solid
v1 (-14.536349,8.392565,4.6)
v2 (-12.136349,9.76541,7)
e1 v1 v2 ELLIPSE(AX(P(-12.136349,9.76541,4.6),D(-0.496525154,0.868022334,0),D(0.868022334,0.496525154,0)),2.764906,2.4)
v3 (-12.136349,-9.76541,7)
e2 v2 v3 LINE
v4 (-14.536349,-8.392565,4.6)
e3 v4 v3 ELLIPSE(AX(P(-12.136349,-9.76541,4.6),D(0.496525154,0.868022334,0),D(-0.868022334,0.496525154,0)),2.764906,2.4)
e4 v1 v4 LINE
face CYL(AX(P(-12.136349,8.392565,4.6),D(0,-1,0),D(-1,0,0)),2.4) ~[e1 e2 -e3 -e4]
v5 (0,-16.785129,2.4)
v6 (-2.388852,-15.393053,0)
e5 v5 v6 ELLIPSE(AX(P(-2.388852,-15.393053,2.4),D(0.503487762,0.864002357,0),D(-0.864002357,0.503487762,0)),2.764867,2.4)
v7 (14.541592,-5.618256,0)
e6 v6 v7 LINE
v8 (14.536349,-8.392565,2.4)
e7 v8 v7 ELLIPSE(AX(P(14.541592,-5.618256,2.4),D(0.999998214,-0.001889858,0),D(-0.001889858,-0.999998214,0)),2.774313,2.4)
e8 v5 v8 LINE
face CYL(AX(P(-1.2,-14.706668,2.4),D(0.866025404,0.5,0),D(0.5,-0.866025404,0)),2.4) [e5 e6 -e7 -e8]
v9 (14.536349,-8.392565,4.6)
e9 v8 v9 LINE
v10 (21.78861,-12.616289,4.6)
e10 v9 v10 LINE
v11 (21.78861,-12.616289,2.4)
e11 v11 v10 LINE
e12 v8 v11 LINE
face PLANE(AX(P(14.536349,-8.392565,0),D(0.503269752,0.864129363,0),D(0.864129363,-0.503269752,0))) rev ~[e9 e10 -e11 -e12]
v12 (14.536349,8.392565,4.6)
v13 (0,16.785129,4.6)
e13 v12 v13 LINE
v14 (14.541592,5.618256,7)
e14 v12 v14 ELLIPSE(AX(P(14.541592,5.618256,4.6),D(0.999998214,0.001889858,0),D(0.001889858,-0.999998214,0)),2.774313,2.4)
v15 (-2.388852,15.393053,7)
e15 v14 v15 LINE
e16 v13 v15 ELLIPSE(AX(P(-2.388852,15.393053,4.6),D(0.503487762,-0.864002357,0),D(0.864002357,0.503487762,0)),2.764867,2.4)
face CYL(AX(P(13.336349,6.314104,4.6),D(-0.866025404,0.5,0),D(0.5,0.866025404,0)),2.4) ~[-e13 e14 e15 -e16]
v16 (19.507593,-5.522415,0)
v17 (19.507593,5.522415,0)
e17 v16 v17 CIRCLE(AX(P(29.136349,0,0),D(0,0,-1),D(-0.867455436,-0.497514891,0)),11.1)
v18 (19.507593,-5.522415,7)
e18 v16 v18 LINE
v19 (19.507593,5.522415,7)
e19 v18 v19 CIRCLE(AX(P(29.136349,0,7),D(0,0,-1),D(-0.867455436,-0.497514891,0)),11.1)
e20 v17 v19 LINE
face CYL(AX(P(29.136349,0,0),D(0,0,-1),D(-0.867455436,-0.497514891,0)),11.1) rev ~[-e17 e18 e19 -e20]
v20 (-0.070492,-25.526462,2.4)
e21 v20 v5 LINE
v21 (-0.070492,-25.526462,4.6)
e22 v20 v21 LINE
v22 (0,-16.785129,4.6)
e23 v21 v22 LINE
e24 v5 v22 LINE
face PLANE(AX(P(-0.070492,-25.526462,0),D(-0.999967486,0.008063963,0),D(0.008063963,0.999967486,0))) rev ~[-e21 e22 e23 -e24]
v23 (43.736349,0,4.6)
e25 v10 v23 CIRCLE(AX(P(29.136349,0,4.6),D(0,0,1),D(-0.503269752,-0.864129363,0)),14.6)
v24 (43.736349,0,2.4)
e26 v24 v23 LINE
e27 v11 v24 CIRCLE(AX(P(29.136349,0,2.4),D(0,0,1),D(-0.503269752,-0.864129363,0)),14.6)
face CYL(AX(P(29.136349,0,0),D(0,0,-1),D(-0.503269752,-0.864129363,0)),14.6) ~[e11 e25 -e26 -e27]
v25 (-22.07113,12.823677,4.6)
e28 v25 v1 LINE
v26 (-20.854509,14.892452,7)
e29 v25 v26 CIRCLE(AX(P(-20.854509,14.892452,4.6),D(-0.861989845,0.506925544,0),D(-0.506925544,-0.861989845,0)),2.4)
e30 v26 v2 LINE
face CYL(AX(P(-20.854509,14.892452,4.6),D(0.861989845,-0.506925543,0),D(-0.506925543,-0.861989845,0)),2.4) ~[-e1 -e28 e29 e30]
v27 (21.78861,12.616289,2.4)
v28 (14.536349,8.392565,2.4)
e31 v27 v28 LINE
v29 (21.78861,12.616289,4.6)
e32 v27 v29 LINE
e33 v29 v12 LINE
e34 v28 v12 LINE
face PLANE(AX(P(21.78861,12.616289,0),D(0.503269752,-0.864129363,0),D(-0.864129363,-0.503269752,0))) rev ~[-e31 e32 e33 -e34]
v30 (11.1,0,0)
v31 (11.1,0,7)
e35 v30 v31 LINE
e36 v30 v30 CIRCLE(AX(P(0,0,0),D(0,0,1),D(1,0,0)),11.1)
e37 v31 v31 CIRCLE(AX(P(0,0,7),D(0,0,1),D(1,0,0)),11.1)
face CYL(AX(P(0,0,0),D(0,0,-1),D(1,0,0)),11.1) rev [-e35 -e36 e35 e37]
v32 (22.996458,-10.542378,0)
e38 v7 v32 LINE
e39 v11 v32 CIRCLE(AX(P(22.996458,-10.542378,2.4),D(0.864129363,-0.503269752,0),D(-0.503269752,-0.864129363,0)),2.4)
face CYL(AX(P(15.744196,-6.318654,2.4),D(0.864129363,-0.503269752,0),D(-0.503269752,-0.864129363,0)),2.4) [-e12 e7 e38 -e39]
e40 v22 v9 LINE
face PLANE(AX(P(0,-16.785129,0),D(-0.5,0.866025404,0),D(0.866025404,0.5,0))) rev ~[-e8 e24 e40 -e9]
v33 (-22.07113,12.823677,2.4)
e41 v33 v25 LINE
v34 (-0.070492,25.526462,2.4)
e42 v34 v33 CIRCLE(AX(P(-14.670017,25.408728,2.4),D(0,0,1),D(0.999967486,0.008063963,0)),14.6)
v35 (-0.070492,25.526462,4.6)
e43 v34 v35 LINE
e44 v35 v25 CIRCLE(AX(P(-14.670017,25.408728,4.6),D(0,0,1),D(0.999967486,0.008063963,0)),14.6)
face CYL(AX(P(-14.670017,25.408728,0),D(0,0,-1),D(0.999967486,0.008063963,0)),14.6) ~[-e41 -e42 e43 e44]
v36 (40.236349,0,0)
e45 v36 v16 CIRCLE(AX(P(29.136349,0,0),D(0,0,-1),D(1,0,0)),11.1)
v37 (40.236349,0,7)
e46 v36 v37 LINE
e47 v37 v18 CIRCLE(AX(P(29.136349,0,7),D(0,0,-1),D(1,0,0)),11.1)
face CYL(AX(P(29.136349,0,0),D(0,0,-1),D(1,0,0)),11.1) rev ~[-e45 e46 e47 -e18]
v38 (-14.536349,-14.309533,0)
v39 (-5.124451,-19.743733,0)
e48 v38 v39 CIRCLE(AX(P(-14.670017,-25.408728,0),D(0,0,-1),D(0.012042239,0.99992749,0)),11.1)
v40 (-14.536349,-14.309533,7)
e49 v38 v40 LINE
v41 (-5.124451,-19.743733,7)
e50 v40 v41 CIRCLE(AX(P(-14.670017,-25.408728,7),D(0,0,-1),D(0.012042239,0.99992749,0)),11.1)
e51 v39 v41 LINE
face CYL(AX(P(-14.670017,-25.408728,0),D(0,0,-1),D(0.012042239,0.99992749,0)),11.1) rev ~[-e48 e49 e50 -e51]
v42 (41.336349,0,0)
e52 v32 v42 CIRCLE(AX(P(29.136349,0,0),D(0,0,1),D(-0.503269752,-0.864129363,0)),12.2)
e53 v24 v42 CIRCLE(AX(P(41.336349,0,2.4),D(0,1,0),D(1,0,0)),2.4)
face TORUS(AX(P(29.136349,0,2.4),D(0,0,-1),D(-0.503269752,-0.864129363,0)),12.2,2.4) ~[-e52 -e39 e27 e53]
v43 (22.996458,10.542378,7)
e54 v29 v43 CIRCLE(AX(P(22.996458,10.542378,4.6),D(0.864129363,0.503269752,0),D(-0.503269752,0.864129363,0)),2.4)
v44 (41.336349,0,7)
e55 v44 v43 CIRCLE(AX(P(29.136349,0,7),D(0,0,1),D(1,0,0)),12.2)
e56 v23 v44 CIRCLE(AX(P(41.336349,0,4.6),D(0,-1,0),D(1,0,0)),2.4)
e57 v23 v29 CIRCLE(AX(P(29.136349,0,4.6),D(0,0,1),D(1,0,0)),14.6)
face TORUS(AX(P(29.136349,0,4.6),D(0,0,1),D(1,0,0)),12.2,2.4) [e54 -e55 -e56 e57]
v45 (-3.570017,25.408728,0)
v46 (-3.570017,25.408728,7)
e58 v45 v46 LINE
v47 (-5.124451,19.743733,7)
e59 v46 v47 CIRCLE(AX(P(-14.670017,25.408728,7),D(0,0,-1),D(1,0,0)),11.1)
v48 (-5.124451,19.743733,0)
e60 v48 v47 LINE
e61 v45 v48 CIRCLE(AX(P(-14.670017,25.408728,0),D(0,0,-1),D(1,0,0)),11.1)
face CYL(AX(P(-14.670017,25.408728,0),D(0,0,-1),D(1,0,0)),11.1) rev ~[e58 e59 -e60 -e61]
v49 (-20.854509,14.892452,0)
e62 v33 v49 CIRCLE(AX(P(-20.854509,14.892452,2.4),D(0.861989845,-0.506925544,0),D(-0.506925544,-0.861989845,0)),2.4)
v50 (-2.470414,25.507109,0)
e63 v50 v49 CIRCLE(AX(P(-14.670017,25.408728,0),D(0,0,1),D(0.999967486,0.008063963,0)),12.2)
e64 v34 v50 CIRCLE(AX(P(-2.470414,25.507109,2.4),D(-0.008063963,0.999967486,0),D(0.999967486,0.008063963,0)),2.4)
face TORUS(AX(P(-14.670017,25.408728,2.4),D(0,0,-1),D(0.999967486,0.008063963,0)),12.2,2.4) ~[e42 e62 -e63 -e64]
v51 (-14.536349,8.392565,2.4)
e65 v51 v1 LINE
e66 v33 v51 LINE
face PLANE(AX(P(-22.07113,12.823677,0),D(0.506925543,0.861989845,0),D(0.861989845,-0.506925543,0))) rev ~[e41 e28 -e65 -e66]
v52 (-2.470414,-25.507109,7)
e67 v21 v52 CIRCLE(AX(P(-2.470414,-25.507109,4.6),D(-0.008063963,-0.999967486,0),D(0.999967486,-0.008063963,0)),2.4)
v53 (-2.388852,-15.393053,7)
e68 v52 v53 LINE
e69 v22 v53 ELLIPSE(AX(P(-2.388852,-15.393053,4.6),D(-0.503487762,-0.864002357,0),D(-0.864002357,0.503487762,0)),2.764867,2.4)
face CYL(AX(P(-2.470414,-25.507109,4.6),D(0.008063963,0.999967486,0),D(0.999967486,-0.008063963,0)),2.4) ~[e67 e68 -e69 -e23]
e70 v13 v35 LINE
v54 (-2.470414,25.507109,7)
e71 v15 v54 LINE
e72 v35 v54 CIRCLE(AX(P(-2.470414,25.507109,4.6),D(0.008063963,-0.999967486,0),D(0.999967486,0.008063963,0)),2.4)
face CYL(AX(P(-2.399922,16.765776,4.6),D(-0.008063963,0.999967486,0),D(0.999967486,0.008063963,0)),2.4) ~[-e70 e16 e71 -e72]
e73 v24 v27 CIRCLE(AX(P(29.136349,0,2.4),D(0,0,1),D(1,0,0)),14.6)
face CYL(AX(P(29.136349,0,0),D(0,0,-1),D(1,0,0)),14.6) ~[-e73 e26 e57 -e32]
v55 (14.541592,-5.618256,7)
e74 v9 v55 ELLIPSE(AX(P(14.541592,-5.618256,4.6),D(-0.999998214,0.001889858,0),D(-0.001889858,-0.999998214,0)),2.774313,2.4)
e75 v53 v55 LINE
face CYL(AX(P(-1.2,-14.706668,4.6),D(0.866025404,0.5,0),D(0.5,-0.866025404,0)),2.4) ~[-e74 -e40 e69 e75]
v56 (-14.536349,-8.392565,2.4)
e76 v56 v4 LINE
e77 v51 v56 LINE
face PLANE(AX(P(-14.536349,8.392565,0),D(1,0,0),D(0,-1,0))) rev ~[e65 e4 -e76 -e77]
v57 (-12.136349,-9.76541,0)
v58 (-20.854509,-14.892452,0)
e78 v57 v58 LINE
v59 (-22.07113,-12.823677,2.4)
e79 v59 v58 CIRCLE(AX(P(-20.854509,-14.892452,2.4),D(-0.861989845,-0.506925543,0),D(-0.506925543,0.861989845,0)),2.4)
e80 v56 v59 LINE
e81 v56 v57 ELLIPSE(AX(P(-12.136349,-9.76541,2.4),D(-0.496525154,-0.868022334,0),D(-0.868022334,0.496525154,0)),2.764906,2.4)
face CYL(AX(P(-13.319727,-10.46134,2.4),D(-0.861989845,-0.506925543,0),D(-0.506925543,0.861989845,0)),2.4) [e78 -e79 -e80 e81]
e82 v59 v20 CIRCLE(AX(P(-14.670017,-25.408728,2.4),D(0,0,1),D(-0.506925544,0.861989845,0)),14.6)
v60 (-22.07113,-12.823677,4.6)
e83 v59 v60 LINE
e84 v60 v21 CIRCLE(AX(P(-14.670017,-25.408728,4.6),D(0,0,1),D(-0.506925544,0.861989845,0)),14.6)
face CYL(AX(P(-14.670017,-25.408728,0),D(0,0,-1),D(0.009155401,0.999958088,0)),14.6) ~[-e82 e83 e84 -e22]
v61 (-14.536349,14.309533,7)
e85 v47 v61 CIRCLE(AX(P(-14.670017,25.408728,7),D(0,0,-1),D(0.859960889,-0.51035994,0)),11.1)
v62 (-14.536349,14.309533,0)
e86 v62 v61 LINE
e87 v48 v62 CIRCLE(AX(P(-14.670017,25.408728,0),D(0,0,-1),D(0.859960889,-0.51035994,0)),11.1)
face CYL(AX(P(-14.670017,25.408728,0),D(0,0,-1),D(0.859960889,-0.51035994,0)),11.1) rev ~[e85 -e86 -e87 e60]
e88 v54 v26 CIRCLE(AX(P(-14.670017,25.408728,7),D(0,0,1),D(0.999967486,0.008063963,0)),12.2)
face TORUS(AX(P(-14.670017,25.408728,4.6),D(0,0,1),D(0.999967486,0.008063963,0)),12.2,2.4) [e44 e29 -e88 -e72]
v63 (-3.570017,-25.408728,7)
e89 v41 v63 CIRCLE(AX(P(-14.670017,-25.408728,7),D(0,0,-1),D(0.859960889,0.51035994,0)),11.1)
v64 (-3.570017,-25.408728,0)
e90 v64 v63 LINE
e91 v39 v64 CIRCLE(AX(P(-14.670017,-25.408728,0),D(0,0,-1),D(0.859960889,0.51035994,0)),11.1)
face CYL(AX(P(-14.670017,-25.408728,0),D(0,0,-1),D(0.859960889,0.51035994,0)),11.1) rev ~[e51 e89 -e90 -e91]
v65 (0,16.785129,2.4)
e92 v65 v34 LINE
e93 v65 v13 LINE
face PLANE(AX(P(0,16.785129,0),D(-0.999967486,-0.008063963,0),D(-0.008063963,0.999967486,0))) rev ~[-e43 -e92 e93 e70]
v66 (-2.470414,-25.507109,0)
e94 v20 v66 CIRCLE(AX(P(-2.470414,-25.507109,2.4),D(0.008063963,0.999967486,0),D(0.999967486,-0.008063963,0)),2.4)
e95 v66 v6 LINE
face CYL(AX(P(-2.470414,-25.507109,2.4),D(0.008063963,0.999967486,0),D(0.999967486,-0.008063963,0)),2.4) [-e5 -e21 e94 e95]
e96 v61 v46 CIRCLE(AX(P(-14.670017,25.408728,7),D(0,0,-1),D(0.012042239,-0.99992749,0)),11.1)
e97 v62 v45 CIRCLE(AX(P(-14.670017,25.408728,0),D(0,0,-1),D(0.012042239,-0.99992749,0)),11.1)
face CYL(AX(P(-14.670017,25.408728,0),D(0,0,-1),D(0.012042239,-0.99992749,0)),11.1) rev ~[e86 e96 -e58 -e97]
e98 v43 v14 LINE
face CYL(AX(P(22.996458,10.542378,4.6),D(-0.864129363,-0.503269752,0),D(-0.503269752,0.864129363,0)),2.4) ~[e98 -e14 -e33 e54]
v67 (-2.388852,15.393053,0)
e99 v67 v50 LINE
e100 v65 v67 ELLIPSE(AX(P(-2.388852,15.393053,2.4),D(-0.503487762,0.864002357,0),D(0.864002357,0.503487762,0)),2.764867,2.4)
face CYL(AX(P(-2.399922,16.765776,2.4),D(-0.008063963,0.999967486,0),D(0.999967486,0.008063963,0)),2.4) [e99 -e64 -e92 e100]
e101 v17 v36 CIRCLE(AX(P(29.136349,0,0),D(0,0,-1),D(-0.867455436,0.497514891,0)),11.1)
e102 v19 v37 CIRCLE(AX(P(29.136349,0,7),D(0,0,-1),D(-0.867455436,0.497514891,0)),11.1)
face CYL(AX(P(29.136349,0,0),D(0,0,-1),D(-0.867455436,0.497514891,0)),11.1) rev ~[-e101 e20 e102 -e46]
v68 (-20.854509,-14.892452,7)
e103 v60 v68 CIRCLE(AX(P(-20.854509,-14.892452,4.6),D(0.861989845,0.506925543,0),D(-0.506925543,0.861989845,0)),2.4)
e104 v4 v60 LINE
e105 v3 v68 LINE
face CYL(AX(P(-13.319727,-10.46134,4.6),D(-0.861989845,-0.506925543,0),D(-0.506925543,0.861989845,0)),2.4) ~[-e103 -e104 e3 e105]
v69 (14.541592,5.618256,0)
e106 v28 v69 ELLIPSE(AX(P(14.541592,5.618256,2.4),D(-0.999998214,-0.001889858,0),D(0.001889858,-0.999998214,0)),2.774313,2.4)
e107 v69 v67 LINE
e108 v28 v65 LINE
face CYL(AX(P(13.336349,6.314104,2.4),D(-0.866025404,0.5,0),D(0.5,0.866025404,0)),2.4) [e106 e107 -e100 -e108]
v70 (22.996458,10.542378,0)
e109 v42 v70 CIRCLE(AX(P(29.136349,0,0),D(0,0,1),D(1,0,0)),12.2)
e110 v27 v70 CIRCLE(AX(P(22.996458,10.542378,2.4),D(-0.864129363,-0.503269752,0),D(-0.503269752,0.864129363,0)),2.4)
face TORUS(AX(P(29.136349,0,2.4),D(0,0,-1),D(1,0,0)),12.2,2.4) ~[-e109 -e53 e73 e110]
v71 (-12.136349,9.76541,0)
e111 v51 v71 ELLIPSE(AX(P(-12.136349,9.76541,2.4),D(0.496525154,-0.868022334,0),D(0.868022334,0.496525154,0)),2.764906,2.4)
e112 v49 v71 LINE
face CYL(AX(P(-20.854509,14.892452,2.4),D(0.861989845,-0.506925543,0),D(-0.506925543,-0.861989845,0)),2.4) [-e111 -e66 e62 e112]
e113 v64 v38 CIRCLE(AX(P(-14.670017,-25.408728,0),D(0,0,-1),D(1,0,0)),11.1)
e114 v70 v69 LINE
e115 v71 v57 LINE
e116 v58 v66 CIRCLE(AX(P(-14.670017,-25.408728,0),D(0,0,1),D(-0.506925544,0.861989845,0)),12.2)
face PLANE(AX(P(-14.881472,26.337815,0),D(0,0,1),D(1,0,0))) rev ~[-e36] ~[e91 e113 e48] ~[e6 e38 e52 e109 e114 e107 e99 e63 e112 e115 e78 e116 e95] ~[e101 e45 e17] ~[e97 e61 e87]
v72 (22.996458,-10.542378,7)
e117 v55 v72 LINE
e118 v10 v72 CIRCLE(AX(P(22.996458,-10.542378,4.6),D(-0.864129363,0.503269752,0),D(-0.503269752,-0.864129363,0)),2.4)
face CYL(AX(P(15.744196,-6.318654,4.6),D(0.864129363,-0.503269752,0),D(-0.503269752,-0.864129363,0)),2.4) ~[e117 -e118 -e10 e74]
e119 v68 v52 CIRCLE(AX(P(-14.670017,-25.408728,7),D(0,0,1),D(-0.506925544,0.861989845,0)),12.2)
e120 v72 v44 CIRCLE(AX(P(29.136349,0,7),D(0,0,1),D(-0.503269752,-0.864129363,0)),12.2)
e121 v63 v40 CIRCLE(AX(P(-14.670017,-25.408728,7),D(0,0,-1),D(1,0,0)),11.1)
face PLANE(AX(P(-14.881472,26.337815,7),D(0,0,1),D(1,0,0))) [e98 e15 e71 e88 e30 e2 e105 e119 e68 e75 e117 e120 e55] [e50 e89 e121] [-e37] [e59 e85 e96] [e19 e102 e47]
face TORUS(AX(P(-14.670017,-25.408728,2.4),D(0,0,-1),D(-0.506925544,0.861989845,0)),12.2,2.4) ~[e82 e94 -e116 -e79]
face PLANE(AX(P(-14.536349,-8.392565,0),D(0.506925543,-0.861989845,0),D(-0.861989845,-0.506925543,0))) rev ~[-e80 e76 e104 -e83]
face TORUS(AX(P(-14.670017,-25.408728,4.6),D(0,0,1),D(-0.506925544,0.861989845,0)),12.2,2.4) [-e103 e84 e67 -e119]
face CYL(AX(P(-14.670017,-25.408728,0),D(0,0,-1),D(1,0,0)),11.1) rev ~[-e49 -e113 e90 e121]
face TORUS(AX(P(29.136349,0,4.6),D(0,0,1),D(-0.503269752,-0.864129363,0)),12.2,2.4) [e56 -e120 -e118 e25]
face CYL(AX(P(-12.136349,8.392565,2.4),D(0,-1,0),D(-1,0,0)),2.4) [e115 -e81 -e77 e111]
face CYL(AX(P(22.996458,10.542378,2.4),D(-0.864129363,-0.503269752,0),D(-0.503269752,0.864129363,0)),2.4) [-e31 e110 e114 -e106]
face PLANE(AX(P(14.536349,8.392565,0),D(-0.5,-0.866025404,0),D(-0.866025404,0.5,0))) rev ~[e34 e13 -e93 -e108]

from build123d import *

# Parameters (mm, degrees)
F0_R     = 11.1
F1_DEPTH = 7
F2_R     = 2.4


with BuildPart() as f1:
    # F0 (on Top) → F1 (new body)
    with BuildSketch(Plane.XY):
        with BuildLine():
            Line((-5.1244514932, 19.7437329062), (-2.093196528, 17.9936370361))
            ThreePointArc((-2.093196528, 17.9936370361), (-0.5848907385, 21.5656555293), (-0.0700173662, 25.4087282428))
            ThreePointArc((-0.0700173662, 25.4087282428), (-0.0701360438, 25.4675956509), (-0.0704920746, 25.526462102))
            ThreePointArc((-0.0704920746, 25.526462102), (-21.9703239086, 38.0525221508), (-22.0711303014, 12.8236765019))
            ThreePointArc((-22.0711303014, 12.8236765019), (-18.4407366098, 11.3040596403), (-14.5363485157, 10.8093401516))
            Line((-14.5363485157, 10.8093401516), (-14.5363485157, 14.3095331081))
            ThreePointArc((-14.5363485157, 14.3095331081), (-22.5660202866, 33.2102112993), (-3.5700173662, 25.4087282428))
            ThreePointArc((-3.5700173662, 25.4087282428), (-3.9656775643, 22.4715341048), (-5.1244514932, 19.7437329062))
        make_face()
        with BuildLine():
            Line((-2.093196528, 17.9936370361), (0, 16.7851294572))
            Line((0, 16.7851294572), (-0.0704920746, 25.526462102))
            ThreePointArc((-0.0704920746, 25.526462102), (-0.0701360438, 25.4675956509), (-0.0700173662, 25.4087282428))
            ThreePointArc((-0.0700173662, 25.4087282428), (-0.5848907385, 21.5656555293), (-2.093196528, 17.9936370361))
        make_face()
        with BuildLine():
            Line((-22.0711303014, 12.8236765019), (-14.5363485157, 8.3925647286))
            Line((-14.5363485157, 8.3925647286), (-14.5363485157, 10.8093401516))
            ThreePointArc((-14.5363485157, 10.8093401516), (-18.4407366098, 11.3040596403), (-22.0711303014, 12.8236765019))
        make_face()
        with BuildLine():
            ThreePointArc((-14.5363485157, 10.8093401516), (-7.3698346656, 12.7648628316), (-2.093196528, 17.9936370361))
            Line((-2.093196528, 17.9936370361), (-5.1244514932, 19.7437329062))
            ThreePointArc((-5.1244514932, 19.7437329062), (-9.1198346602, 15.7959517485), (-14.5363485157, 14.3095331081))
            Line((-14.5363485157, 14.3095331081), (-14.5363485157, 10.8093401516))
        make_face()
        with BuildLine():
            Line((-14.5363485157, 8.3925647286), (0, 16.7851294572))
            Line((0, 16.7851294572), (-2.093196528, 17.9936370361))
            ThreePointArc((-2.093196528, 17.9936370361), (-7.3698346656, 12.7648628316), (-14.5363485157, 10.8093401516))
            Line((-14.5363485157, 10.8093401516), (-14.5363485157, 8.3925647286))
        make_face()
        Polygon((14.5363485157, -4.22e-08), (14.5363485157, 8.3925647286), (0, 16.7851294572), (-14.5363485157, 8.3925647286), (-14.5363485157, -8.3925647286), (0, -16.7851294572), (14.5363485157, -8.3925647286), align=None)
        Circle(F0_R, mode=Mode.SUBTRACT)
        with BuildLine():
            ThreePointArc((21.7886101299, 12.616288702), (18.7818728319, 10.2929506612), (16.4764947898, 7.272420755))
            Line((16.4764947898, 7.272420755), (19.5075931753, 5.5224152862))
            ThreePointArc((19.5075931753, 5.5224152862), (31.9938662953, 10.7258842125), (40.2363485157, 0))
            ThreePointArc((40.2363485157, 0), (31.9938662953, -10.7258842125), (19.5075931753, -5.5224152862))
            Line((19.5075931753, -5.5224152862), (16.4764947898, -7.272420755))
            ThreePointArc((16.4764947898, -7.272420755), (18.7818728319, -10.2929506612), (21.7886101299, -12.616288702))
            ThreePointArc((21.7886101299, -12.616288702), (36.4124401715, -12.6577442784), (43.7363485157, 0))
            ThreePointArc((43.7363485157, 0), (36.4124401715, 12.6577442784), (21.7886101299, 12.616288702))
        make_face()
        with BuildLine():
            Line((21.7886101299, 12.616288702), (14.5363485157, 8.3925647286))
            Line((14.5363485157, 8.3925647286), (16.4764947898, 7.272420755))
            ThreePointArc((16.4764947898, 7.272420755), (18.7818728319, 10.2929506612), (21.7886101299, 12.616288702))
        make_face()
        with BuildLine():
            Line((16.4764947898, 7.272420755), (14.5363485157, 8.3925647286))
            Line((14.5363485157, 8.3925647286), (14.5363485157, -4.22e-08))
            ThreePointArc((14.5363485157, -4.22e-08), (15.0297212664, 3.7633851314), (16.4764947898, 7.272420755))
        make_face()
        with BuildLine():
            ThreePointArc((16.4764947898, -7.272420755), (15.0297212773, -3.7633851722), (14.5363485157, -4.22e-08))
            Line((14.5363485157, -4.22e-08), (14.5363485157, -8.3925647286))
            Line((14.5363485157, -8.3925647286), (16.4764947898, -7.272420755))
        make_face()
        with BuildLine():
            ThreePointArc((16.4764947898, 7.272420755), (15.0297212664, 3.7633851314), (14.5363485157, -4.22e-08))
            ThreePointArc((14.5363485157, -4.22e-08), (15.0297212773, -3.7633851722), (16.4764947898, -7.272420755))
            Line((16.4764947898, -7.272420755), (19.5075931753, -5.5224152862))
            ThreePointArc((19.5075931753, -5.5224152862), (18.0363485157, 0), (19.5075931753, 5.5224152862))
            Line((19.5075931753, 5.5224152862), (16.4764947898, 7.272420755))
        make_face()
        with BuildLine():
            Line((16.4764947898, -7.272420755), (14.5363485157, -8.3925647286))
            Line((14.5363485157, -8.3925647286), (21.7886101299, -12.616288702))
            ThreePointArc((21.7886101299, -12.616288702), (18.7818728319, -10.2929506612), (16.4764947898, -7.272420755))
        make_face()
        with BuildLine():
            Line((-5.1244514932, -19.7437329062), (-2.093196528, -17.9936370361))
            ThreePointArc((-2.093196528, -17.9936370361), (-7.3698346656, -12.7648628316), (-14.5363485157, -10.8093401516))
            Line((-14.5363485157, -10.8093401516), (-14.5363485157, -14.3095331081))
            ThreePointArc((-14.5363485157, -14.3095331081), (-9.1198346602, -15.7959517485), (-5.1244514932, -19.7437329062))
        make_face()
        with BuildLine():
            ThreePointArc((-0.0700173662, -25.4087282428), (-0.5848907385, -21.5656555293), (-2.093196528, -17.9936370361))
            Line((-2.093196528, -17.9936370361), (-5.1244514932, -19.7437329062))
            ThreePointArc((-5.1244514932, -19.7437329062), (-3.9656775643, -22.4715341048), (-3.5700173662, -25.4087282428))
            ThreePointArc((-3.5700173662, -25.4087282428), (-22.5660202866, -33.2102112993), (-14.5363485157, -14.3095331081))
            Line((-14.5363485157, -14.3095331081), (-14.5363485157, -10.8093401516))
            ThreePointArc((-14.5363485157, -10.8093401516), (-18.4407366098, -11.3040596403), (-22.0711303014, -12.8236765019))
            ThreePointArc((-22.0711303014, -12.8236765019), (-21.9703239086, -38.0525221508), (-0.0704920746, -25.526462102))
            ThreePointArc((-0.0704920746, -25.526462102), (-0.0701360438, -25.4675956509), (-0.0700173662, -25.4087282428))
        make_face()
        with BuildLine():
            Line((-14.5363485157, -10.8093401516), (-14.5363485157, -8.3925647286))
            Line((-14.5363485157, -8.3925647286), (-22.0711303014, -12.8236765019))
            ThreePointArc((-22.0711303014, -12.8236765019), (-18.4407366098, -11.3040596403), (-14.5363485157, -10.8093401516))
        make_face()
        with BuildLine():
            Line((-2.093196528, -17.9936370361), (0, -16.7851294572))
            Line((0, -16.7851294572), (-14.5363485157, -8.3925647286))
            Line((-14.5363485157, -8.3925647286), (-14.5363485157, -10.8093401516))
            ThreePointArc((-14.5363485157, -10.8093401516), (-7.3698346656, -12.7648628316), (-2.093196528, -17.9936370361))
        make_face()
        with BuildLine():
            Line((-0.0704920746, -25.526462102), (0, -16.7851294572))
            Line((0, -16.7851294572), (-2.093196528, -17.9936370361))
            ThreePointArc((-2.093196528, -17.9936370361), (-0.5848907385, -21.5656555293), (-0.0700173662, -25.4087282428))
            ThreePointArc((-0.0700173662, -25.4087282428), (-0.0701360438, -25.4675956509), (-0.0704920746, -25.526462102))
        make_face()
    extrude(amount=F1_DEPTH)

    # F2
    f2_edges = [f1.edges().sort_by_distance(p)[0] for p in [
        (-18.303739, -10.608121, 0),
        (-18.303739, 10.608121, 0),
        (-21.970324, -38.052522, 7),
        (-0.070492, 25.526462, 3.5),
        (-22.07113, 12.823677, 3.5),
        (-21.970324, 38.052522, 0),
        (-21.970324, 38.052522, 7),
        (18.162479, 10.504427, 7),
        (18.162479, 10.504427, 0),
        (-14.536349, 0, 0),
        (7.268174, 12.588847, 7),
        (7.268174, 12.588847, 0),
        (7.268174, -12.588847, 0),
        (-14.536349, 0, 7),
        (7.268174, -12.588847, 7),
    ]]
    fillet(f2_edges, radius=F2_R)


solid = f1.part
